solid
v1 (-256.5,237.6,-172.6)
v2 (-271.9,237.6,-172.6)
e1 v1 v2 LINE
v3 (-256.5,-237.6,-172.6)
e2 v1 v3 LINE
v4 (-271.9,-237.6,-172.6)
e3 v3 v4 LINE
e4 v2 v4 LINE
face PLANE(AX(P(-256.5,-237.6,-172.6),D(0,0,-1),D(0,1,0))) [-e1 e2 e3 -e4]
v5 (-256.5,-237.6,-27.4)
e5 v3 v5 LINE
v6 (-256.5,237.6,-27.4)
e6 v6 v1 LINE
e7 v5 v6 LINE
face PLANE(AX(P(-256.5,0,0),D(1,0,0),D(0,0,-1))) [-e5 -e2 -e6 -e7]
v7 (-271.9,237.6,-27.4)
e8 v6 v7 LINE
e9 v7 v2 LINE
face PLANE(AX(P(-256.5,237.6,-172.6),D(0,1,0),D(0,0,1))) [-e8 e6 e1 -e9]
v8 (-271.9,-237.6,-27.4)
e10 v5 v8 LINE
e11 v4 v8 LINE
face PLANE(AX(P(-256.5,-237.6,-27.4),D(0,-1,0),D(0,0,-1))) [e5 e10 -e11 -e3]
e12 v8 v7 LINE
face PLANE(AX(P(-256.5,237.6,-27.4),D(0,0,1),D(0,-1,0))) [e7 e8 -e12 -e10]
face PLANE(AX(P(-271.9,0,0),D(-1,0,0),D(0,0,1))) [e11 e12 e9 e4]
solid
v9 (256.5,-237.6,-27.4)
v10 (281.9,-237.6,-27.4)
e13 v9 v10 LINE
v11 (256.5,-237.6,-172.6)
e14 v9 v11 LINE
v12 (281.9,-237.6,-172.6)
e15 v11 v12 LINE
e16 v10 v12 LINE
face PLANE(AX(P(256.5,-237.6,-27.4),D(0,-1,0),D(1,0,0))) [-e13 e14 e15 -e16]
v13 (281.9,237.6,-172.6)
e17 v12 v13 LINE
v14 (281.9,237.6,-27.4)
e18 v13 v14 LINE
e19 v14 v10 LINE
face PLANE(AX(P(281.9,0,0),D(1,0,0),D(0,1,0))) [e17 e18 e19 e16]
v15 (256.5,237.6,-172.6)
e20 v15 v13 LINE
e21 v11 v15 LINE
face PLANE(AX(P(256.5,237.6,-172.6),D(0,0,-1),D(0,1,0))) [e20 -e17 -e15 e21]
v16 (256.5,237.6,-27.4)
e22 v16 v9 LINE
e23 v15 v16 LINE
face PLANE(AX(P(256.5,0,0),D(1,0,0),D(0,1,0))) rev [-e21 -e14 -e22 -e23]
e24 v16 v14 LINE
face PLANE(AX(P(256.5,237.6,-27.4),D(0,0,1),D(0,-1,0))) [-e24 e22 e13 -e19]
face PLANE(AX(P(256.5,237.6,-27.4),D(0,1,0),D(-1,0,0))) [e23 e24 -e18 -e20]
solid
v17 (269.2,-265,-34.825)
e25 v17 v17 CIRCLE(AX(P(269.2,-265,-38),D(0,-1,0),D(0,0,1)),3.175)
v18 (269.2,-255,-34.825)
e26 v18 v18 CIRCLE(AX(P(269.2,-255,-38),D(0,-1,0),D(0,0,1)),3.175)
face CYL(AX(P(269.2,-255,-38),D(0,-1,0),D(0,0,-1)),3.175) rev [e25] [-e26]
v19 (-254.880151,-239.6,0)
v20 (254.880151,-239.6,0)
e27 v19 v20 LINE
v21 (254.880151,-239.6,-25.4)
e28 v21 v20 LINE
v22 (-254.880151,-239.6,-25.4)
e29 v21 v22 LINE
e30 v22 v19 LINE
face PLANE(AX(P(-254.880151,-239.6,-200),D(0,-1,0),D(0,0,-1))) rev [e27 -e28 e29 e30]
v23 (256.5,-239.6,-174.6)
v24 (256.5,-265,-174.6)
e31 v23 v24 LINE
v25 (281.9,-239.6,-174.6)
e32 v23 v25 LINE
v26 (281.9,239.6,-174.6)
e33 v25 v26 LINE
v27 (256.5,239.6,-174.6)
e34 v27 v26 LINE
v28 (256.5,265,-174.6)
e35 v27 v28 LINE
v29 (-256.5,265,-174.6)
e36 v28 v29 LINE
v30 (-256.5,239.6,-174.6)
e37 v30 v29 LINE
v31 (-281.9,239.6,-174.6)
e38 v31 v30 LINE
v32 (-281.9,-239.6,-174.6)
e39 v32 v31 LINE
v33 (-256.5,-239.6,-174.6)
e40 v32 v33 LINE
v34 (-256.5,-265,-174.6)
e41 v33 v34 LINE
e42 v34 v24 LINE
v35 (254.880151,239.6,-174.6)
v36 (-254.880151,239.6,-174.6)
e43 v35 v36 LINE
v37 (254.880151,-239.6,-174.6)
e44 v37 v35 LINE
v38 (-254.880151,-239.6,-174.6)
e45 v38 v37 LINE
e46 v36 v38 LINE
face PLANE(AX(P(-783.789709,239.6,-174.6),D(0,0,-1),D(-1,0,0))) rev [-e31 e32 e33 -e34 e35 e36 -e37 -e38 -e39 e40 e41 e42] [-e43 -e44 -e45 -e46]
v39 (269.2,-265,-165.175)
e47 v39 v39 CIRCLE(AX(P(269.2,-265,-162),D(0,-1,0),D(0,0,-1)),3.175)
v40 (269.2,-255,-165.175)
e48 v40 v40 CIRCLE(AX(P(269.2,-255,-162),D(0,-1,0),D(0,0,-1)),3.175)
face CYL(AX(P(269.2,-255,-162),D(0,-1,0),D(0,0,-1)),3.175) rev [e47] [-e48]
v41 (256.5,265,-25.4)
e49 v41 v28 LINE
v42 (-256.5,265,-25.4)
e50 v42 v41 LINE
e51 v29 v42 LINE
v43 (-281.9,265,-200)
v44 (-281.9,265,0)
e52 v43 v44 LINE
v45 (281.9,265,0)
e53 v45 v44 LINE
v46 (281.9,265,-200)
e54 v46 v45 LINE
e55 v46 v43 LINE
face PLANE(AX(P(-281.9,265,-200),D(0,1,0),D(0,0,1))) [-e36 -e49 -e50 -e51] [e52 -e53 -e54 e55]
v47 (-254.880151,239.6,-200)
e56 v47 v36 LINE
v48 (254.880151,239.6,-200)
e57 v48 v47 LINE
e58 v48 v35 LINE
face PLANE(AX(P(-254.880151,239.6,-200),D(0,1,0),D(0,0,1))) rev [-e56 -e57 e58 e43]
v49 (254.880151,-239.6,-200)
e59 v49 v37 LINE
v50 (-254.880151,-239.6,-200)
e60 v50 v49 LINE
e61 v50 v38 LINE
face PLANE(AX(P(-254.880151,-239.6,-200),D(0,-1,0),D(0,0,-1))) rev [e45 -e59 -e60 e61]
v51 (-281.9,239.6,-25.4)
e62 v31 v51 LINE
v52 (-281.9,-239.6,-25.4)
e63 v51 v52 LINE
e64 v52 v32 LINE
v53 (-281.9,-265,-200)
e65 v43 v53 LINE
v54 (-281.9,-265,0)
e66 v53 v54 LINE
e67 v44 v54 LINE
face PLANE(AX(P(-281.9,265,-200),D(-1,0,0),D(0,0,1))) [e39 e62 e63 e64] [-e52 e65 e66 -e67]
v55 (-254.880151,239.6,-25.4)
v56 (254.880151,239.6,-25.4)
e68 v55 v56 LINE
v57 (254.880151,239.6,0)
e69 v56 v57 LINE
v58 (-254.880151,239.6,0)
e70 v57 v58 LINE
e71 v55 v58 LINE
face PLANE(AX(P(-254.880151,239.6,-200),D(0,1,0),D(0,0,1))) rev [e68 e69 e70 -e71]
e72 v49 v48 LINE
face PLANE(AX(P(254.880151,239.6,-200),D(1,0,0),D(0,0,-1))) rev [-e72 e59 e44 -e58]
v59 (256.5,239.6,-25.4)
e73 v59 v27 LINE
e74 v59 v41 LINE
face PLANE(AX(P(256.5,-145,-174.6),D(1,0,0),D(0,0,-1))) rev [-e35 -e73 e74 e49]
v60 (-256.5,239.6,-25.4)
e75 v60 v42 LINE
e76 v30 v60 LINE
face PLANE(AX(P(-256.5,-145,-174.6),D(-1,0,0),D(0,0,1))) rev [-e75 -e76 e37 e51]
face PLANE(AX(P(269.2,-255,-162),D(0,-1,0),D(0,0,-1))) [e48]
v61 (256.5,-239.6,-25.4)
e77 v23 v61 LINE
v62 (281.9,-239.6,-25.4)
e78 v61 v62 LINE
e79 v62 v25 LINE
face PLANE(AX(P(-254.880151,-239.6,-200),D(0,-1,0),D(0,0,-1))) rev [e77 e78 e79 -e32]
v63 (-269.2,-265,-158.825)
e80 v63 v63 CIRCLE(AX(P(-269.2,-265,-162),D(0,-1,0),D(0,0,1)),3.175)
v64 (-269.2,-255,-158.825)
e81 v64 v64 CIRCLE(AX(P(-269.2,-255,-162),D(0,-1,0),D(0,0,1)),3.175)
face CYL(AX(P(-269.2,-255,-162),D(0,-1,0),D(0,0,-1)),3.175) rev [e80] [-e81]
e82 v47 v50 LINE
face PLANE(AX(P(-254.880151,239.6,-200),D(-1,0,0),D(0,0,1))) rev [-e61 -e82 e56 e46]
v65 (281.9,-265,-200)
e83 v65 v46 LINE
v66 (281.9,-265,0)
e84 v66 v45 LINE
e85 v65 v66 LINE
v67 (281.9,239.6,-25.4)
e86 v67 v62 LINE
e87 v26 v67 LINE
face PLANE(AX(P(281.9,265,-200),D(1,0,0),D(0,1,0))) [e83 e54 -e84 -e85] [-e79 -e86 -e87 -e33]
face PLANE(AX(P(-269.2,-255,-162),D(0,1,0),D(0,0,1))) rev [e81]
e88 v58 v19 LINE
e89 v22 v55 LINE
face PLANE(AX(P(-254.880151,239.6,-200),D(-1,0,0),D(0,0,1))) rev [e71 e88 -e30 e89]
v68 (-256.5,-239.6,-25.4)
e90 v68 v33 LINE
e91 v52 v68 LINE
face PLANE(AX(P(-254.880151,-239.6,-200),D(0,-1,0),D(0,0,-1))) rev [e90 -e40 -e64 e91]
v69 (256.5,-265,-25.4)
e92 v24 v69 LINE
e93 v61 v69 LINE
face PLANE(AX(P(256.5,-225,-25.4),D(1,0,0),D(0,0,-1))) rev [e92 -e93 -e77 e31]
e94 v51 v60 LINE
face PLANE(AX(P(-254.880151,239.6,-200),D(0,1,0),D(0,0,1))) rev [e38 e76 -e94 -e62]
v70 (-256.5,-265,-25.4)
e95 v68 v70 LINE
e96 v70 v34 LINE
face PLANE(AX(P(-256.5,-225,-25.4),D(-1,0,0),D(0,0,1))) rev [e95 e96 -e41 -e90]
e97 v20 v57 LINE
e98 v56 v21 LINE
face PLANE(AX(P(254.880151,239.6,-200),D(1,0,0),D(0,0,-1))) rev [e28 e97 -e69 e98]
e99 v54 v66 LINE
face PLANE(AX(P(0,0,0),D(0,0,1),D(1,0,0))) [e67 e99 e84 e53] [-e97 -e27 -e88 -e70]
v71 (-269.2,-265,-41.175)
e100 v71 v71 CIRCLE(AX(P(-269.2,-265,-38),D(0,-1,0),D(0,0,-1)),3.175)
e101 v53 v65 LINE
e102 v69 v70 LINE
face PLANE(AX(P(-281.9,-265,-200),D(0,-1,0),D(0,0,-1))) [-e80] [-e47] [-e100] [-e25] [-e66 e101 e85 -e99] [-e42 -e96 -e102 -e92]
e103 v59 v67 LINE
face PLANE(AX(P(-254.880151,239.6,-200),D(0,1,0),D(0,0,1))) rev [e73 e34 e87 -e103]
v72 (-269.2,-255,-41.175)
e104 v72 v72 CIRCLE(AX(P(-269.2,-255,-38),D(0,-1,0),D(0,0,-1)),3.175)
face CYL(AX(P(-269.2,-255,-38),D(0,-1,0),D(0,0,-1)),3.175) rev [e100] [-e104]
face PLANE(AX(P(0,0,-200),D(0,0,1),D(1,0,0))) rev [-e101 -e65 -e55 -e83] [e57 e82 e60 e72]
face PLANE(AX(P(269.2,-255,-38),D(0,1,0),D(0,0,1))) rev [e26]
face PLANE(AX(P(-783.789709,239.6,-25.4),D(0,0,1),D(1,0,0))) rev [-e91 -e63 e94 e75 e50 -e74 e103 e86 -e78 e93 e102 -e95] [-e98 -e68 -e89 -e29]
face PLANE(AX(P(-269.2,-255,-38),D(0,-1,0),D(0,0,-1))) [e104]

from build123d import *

# Parameters (mm, degrees)
CROQUIS1_W              = 563.8
CROQUIS1_H              = 530
CROQUIS1_W_2            = 509.760301886
CROQUIS1_H_2            = 479.2
SALIENTE_EXTRUIR1_DEPTH = 200
CORTAR_EXTRUIR1_REACH   = 656.29
CROQUIS2_W              = 149.2
CROQUIS2_H              = 479.2
CROQUIS3_W              = 513
CROQUIS3_H              = 149.2
CORTAR_EXTRUIR2_DEPTH   = 410
CROQUIS4_W              = 513
CROQUIS4_H              = 149.2
CORTAR_EXTRUIR3_DEPTH   = 40
CROQUIS5_W              = 145.2
CROQUIS5_H              = 475.2
SALIENTE_EXTRUIR2_DEPTH = 25.4
CROQUIS6_W              = 145.2
CROQUIS6_H              = 475.2
SALIENTE_EXTRUIR3_DEPTH = 25.4
CROQUIS9_W              = 145.2
CROQUIS9_H              = 475.2
CORTAR_EXTRUIR4_DEPTH   = 10
CROQUIS10_R             = 3.175
CORTAR_EXTRUIR5_DEPTH   = 10


with BuildPart() as part:
    # Croquis1 → Saliente-Extruir1 (new body)
    with BuildSketch(Plane.XY):
        Rectangle(CROQUIS1_W, CROQUIS1_H)
        Rectangle(CROQUIS1_W_2, CROQUIS1_H_2, mode=Mode.SUBTRACT)
    extrude(amount=-SALIENTE_EXTRUIR1_DEPTH)

    # Cortar-Extruir1: up to this face of the body (flat: up to its plane)
    cortar_extruir1_end = Plane(part.part.faces().sort_by_distance((-281.9, 0, -100))[0])
    # Croquis2 → Cortar-Extruir1 (cut, up to the picked face)
    with BuildSketch(Plane(origin=(281.9, 0, 0), x_dir=(0, 0, -1), z_dir=(1, 0, 0)), mode=Mode.PRIVATE) as cortar_extruir1_sk1:
        with Locations((100, 0)):
            Rectangle(CROQUIS2_W, CROQUIS2_H)
    cortar_extruir1_tool1 = split(extrude(cortar_extruir1_sk1.sketch, amount=-CORTAR_EXTRUIR1_REACH, mode=Mode.PRIVATE), bisect_by=cortar_extruir1_end, keep=Keep.BOTH, mode=Mode.PRIVATE)
    add(cortar_extruir1_tool1.solids().sort_by(Axis((281.9, 0, -100), (-1, 0, 0)))[0], mode=Mode.SUBTRACT)

    # Croquis3 → Cortar-Extruir2 (cut)
    with BuildSketch(Plane(origin=(0, 265, 0), x_dir=(1, 0, 0), z_dir=(0, 1, 0))):
        with Locations((0, 100)):
            Rectangle(CROQUIS3_W, CROQUIS3_H)
    extrude(amount=-CORTAR_EXTRUIR2_DEPTH, mode=Mode.SUBTRACT)

    # Croquis4 → Cortar-Extruir3 (cut)
    with BuildSketch(Plane.XZ.offset(265)):
        with Locations((0, -100)):
            Rectangle(CROQUIS4_W, CROQUIS4_H)
    extrude(amount=-CORTAR_EXTRUIR3_DEPTH, mode=Mode.SUBTRACT)

    # Croquis10 → Cortar-Extruir5 (cut)
    with BuildSketch(Plane.XZ.offset(265)):
        with Locations(Location((269.2, -162, 0), (0, 0, 270))):
            Circle(CROQUIS10_R)
        with Locations(Location((-269.2, -162, 0), (0, 0, 90))):
            Circle(CROQUIS10_R)
        with Locations(Location((-269.2, -38, 0), (0, 0, 270))):
            Circle(CROQUIS10_R)
        with Locations(Location((269.2, -38, 0), (0, 0, 90))):
            Circle(CROQUIS10_R)
    extrude(amount=-CORTAR_EXTRUIR5_DEPTH, mode=Mode.SUBTRACT)


with BuildPart() as body_2:
    # Croquis5 → Saliente-Extruir2 (new body)
    with BuildSketch(Plane(origin=(281.9, 0, 0), x_dir=(0, 0, -1), z_dir=(1, 0, 0))):
        with Locations((100, 0)):
            Rectangle(CROQUIS5_W, CROQUIS5_H)
    extrude(amount=-SALIENTE_EXTRUIR2_DEPTH)


with BuildPart() as body_3:
    # Croquis6 → Saliente-Extruir3 (new body)
    with BuildSketch(Plane.ZY.offset(281.9)):
        with Locations((-100, 0)):
            Rectangle(CROQUIS6_W, CROQUIS6_H)
    extrude(amount=-SALIENTE_EXTRUIR3_DEPTH)

    # Croquis9 → Cortar-Extruir4 (cut)
    with BuildSketch(Plane.ZY.offset(281.9)):
        with Locations((-100, 0)):
            Rectangle(CROQUIS9_W, CROQUIS9_H)
    extrude(amount=-CORTAR_EXTRUIR4_DEPTH, mode=Mode.SUBTRACT)


solid = Compound([part.part, body_2.part, body_3.part])
